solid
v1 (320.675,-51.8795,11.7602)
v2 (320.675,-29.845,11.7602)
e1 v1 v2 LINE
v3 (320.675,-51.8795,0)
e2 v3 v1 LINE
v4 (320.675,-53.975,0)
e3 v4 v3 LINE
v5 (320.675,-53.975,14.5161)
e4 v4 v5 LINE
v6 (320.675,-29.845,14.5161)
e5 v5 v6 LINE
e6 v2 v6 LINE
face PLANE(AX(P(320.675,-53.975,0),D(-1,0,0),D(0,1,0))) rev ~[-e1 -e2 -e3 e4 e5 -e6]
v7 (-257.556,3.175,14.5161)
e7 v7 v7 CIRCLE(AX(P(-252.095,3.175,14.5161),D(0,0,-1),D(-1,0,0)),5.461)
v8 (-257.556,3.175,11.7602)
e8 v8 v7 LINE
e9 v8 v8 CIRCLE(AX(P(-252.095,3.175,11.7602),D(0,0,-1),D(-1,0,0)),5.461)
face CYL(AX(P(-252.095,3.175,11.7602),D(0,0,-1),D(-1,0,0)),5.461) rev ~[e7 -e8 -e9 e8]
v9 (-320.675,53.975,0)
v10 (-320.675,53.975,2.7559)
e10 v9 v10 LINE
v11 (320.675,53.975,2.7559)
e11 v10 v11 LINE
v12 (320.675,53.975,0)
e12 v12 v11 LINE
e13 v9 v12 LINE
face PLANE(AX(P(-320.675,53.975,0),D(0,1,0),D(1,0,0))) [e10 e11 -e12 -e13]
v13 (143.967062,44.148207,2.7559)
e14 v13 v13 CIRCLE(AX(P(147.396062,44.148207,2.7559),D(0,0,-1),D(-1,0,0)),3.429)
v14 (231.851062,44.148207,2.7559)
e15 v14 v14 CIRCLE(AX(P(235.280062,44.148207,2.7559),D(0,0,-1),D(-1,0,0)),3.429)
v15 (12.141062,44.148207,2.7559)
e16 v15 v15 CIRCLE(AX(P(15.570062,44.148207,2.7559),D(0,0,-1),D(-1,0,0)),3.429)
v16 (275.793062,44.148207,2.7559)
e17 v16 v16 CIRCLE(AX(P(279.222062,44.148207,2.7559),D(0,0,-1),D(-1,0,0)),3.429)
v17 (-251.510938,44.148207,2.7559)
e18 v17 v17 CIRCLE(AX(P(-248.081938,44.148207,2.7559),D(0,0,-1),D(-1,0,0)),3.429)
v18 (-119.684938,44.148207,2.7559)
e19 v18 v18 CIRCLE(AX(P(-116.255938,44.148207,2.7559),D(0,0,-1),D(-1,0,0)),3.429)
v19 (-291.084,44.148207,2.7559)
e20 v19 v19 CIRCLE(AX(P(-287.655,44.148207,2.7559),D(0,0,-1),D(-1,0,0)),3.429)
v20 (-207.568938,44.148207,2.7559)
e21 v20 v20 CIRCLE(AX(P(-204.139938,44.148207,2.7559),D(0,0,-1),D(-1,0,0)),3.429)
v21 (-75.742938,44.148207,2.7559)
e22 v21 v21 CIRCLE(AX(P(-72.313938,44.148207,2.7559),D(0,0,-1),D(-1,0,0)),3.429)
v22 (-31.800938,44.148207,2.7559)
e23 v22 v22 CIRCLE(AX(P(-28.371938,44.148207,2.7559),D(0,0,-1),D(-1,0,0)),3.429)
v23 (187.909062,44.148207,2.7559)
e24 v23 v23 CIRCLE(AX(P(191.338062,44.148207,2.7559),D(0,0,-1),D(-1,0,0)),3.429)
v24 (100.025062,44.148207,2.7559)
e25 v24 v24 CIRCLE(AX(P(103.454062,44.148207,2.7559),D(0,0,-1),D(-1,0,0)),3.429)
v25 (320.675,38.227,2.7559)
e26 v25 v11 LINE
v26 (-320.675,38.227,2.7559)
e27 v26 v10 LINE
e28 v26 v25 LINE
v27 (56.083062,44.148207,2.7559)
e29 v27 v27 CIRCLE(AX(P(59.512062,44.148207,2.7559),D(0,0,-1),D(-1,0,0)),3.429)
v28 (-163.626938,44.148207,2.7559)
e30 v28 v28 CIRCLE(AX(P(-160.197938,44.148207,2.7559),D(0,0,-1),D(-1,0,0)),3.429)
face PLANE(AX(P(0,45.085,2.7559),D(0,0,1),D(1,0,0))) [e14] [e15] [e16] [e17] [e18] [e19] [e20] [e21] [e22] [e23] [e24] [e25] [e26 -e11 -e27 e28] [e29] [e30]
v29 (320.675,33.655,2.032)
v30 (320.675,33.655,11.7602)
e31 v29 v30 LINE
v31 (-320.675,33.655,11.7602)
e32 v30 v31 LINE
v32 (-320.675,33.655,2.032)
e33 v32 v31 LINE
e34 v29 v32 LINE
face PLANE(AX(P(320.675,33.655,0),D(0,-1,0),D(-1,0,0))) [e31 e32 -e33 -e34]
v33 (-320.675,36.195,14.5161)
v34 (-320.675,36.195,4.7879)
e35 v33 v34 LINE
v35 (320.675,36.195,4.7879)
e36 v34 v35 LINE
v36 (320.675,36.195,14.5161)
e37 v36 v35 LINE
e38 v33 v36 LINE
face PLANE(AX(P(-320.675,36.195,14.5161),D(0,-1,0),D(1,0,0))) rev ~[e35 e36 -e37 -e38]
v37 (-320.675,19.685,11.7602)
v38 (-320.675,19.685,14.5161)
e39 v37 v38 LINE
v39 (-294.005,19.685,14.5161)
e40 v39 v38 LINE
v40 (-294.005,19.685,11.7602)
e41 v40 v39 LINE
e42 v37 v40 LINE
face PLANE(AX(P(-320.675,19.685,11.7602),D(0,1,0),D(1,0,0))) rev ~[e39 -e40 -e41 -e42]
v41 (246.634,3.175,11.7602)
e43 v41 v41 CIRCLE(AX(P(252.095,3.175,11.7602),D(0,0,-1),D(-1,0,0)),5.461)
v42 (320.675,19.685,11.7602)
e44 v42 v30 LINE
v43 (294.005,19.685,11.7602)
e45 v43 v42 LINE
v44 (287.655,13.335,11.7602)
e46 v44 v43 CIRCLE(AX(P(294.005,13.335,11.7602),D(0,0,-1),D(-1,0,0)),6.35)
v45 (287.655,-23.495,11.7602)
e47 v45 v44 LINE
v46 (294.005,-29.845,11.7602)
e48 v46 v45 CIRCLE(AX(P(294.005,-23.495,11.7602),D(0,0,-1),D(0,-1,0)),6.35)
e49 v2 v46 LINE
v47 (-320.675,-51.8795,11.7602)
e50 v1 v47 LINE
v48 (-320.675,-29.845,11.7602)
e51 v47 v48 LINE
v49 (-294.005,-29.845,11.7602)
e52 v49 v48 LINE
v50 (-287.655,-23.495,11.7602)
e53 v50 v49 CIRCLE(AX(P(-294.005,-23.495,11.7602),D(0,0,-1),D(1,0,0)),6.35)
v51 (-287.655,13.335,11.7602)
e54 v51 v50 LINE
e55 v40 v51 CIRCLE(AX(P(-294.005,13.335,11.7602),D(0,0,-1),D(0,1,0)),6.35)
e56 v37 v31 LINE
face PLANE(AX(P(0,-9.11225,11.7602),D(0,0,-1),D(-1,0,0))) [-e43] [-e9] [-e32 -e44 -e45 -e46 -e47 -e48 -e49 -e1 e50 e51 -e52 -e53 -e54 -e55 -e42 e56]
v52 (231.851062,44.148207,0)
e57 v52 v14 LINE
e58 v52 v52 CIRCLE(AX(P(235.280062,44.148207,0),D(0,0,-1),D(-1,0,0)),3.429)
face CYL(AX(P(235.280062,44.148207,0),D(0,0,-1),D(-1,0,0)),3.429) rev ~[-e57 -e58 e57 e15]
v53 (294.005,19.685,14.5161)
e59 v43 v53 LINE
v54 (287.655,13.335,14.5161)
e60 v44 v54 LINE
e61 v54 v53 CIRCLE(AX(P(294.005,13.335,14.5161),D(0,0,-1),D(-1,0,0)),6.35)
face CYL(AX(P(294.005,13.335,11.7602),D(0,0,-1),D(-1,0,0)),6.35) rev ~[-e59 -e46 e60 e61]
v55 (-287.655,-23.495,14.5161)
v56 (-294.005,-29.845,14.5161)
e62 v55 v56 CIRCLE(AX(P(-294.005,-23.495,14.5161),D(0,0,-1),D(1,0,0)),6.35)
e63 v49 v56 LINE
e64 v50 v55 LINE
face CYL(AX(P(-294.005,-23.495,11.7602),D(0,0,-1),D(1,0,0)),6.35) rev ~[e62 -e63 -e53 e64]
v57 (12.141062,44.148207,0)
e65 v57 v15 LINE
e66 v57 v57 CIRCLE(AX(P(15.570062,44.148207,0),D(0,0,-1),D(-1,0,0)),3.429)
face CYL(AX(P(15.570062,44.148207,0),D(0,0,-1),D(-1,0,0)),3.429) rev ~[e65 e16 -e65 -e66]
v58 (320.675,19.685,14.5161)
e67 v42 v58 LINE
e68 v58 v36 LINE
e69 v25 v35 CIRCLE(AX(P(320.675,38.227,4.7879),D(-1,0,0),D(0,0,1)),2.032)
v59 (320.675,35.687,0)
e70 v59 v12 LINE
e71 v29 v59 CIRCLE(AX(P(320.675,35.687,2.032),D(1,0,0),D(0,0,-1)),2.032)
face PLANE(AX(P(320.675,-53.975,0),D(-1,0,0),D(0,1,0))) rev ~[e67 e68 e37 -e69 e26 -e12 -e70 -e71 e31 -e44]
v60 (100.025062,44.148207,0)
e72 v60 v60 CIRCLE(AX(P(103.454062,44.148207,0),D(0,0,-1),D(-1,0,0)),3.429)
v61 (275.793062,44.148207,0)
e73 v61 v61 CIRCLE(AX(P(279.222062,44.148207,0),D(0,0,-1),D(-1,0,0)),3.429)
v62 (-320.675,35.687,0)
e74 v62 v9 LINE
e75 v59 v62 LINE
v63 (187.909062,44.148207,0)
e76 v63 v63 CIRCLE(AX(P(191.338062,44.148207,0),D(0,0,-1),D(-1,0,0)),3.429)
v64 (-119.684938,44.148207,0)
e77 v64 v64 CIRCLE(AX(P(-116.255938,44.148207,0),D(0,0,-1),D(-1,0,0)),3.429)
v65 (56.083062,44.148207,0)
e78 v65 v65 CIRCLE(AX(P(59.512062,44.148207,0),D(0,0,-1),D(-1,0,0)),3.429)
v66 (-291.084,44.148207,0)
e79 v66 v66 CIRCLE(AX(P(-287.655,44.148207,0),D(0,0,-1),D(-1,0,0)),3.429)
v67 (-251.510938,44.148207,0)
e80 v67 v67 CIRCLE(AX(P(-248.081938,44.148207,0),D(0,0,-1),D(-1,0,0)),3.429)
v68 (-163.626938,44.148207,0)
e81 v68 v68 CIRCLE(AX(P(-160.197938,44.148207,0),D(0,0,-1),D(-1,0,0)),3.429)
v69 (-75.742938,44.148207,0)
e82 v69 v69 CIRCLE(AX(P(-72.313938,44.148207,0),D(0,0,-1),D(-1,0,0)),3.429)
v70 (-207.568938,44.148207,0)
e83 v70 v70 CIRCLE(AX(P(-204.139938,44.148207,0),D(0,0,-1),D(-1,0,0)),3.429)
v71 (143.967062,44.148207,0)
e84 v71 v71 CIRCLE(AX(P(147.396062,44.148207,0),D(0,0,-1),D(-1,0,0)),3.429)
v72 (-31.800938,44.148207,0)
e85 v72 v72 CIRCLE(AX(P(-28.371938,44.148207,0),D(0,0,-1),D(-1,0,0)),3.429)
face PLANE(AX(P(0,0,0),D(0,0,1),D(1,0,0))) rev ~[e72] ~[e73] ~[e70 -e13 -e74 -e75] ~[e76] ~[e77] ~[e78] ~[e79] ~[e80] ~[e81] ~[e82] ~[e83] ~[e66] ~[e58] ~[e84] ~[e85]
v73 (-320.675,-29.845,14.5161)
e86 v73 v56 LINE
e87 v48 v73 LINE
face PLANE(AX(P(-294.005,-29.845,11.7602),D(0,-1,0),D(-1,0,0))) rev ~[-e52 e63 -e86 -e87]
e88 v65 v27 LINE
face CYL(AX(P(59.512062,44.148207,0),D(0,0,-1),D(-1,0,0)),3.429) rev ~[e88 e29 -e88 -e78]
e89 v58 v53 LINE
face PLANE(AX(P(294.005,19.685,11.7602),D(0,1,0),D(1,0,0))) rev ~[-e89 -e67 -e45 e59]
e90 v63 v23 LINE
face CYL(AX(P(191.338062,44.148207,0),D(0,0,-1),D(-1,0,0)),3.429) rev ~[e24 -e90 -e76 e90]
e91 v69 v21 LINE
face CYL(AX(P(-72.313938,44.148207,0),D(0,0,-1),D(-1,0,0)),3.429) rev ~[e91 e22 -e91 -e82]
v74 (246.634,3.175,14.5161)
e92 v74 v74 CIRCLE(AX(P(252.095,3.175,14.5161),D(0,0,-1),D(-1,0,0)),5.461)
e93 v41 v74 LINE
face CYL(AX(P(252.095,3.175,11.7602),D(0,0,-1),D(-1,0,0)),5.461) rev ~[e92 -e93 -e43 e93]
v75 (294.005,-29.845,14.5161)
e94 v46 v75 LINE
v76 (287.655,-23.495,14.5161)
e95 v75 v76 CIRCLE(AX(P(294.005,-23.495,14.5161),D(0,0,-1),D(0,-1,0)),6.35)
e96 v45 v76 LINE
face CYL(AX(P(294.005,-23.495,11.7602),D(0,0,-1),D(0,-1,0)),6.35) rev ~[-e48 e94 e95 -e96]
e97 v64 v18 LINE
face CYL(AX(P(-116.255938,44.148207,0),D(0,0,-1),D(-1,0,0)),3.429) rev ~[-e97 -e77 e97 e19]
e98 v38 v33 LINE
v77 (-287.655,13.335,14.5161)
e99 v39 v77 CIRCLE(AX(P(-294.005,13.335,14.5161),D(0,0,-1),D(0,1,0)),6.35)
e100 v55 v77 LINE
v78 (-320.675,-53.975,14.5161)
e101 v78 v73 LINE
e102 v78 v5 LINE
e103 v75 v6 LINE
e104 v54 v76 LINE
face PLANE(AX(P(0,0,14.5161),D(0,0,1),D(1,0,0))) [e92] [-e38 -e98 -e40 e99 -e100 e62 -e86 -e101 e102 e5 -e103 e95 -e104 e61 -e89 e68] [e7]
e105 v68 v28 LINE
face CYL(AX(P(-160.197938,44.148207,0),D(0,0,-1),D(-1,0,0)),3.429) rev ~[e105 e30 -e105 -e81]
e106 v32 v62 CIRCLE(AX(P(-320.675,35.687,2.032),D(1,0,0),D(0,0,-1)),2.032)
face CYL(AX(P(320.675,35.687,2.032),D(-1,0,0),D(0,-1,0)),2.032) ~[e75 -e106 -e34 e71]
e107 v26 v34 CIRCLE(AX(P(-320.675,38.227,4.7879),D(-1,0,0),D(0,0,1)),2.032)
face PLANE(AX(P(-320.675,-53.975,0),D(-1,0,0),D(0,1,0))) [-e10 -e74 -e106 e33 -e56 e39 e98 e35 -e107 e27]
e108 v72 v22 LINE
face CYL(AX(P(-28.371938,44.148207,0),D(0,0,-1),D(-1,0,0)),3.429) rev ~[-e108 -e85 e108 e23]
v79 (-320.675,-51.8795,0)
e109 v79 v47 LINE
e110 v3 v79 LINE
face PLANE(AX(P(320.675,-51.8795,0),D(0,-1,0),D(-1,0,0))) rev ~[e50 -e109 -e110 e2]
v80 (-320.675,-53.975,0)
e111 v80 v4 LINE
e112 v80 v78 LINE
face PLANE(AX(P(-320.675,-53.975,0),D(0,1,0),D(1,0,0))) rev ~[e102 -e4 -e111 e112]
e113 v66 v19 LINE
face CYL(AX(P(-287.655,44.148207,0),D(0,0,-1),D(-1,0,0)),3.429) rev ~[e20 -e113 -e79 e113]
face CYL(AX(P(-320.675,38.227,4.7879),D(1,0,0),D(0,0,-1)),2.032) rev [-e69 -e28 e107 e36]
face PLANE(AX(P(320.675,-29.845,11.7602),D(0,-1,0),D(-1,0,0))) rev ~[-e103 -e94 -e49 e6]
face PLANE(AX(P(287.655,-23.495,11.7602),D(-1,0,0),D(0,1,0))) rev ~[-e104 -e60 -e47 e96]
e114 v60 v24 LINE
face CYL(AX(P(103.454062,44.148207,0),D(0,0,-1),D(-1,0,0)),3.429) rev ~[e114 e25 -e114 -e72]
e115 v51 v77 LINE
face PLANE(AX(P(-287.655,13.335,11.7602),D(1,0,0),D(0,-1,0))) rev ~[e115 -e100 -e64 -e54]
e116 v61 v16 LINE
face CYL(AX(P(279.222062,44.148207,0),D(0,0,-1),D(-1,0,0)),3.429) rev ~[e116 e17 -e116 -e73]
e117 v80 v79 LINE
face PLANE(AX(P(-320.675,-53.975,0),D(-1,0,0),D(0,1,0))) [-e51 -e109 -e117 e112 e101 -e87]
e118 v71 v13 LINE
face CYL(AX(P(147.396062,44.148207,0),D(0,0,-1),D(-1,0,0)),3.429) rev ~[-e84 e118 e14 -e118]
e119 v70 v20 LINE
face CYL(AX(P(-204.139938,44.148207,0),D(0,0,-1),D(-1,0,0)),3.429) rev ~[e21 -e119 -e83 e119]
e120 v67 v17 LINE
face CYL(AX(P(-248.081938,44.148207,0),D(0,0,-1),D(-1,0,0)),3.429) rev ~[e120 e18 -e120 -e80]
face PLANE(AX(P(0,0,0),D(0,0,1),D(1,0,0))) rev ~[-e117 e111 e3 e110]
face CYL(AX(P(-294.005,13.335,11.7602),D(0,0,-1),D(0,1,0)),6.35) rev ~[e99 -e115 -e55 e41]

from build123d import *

# Parameters (mm, degrees)
SKETCH1_W           = 641.35
SKETCH1_H           = 107.95
BOSS_EXTRUDE1_DEPTH = 14.5161
SKETCH2_W           = 641.35
SKETCH2_H           = 17.78
CUT_EXTRUDE1_DEPTH  = 11.7602
SKETCH3_W           = 641.35
SKETCH3_H           = 85.5345
CUT_EXTRUDE3_DEPTH  = 11.7602
FILLET1_R           = 2.032
CUT_EXTRUDE4_DEPTH  = 326.398307546
SKETCH5_R           = 3.429
CUT_EXTRUDE5_DEPTH  = 11.7602
SKETCH6_R           = 5.461
CUT_EXTRUDE6_DEPTH  = 11.7602


with BuildPart() as part:
    # Sketch1 → Boss-Extrude1 (new body)
    with BuildSketch(Plane.XY):
        Rectangle(SKETCH1_W, SKETCH1_H)
    extrude(amount=BOSS_EXTRUDE1_DEPTH)

    # Sketch2 → Cut-Extrude1 (cut)
    with BuildSketch(Plane.XY.offset(14.5161)):
        with Locations((0, 45.085)):
            Rectangle(SKETCH2_W, SKETCH2_H)
    extrude(amount=-CUT_EXTRUDE1_DEPTH, mode=Mode.SUBTRACT)

    # Sketch3 → Cut-Extrude3 (cut)
    with BuildSketch(Plane(origin=(0, 0, 0), x_dir=(-1, 0, 0), z_dir=(0, 0, -1))):
        with Locations((0, -9.11225)):
            Rectangle(SKETCH3_W, SKETCH3_H)
    extrude(amount=-CUT_EXTRUDE3_DEPTH, mode=Mode.SUBTRACT)

    # Fillet1
    fillet1_edges = [part.edges().sort_by_distance(p)[0] for p in [
        (0, 36.195, 2.7559),
        (0, 33.655, 0),
    ]]
    fillet(fillet1_edges, radius=FILLET1_R)

    # Sketch4 → Cut-Extrude4 (cut, through all)
    with BuildSketch(Plane(origin=(0, 0, 11.7602), x_dir=(-1, 0, 0), z_dir=(0, 0, -1))):
        with BuildLine():
            Line((-294.005, 19.685), (-320.675, 19.685))
            Line((-320.675, 19.685), (-320.675, -29.845))
            Line((-320.675, -29.845), (-294.005, -29.845))
            ThreePointArc((-294.005, -29.845), (-289.514871939, -27.985128061), (-287.655, -23.495))
            Line((-287.655, -23.495), (-287.655, 13.335))
            ThreePointArc((-287.655, 13.335), (-289.514871939, 17.825128061), (-294.005, 19.685))
        make_face()
        with BuildLine():
            Line((294.005, -29.845), (320.675, -29.845))
            Line((320.675, -29.845), (320.675, 19.685))
            Line((320.675, 19.685), (294.005, 19.685))
            ThreePointArc((294.005, 19.685), (289.514871939, 17.825128061), (287.655, 13.335))
            Line((287.655, 13.335), (287.655, -23.495))
            ThreePointArc((287.655, -23.495), (289.514871939, -27.985128061), (294.005, -29.845))
        make_face()
    extrude(amount=-CUT_EXTRUDE4_DEPTH, mode=Mode.SUBTRACT)

    # Sketch5 → Cut-Extrude5 (cut)
    with BuildSketch(Plane(origin=(0, 0, 0), x_dir=(-1, 0, 0), z_dir=(0, 0, -1))):
        with Locations((-279.222061941, 44.148206771)):
            Circle(SKETCH5_R)
        with Locations((-235.280061941, 44.148206771)):
            Circle(SKETCH5_R)
        with Locations((-191.338061941, 44.148206771)):
            Circle(SKETCH5_R)
        with Locations((-147.396061941, 44.148206771)):
            Circle(SKETCH5_R)
        with Locations((-103.454061941, 44.148206771)):
            Circle(SKETCH5_R)
        with Locations((-59.512061941, 44.148206771)):
            Circle(SKETCH5_R)
        with Locations((-15.570061941, 44.148206771)):
            Circle(SKETCH5_R)
        with Locations((28.371938059, 44.148206771)):
            Circle(SKETCH5_R)
        with Locations((72.313938059, 44.148206771)):
            Circle(SKETCH5_R)
        with Locations((116.255938059, 44.148206771)):
            Circle(SKETCH5_R)
        with Locations((160.197938059, 44.148206771)):
            Circle(SKETCH5_R)
        with Locations((204.139938059, 44.148206771)):
            Circle(SKETCH5_R)
        with Locations((248.081938059, 44.148206771)):
            Circle(SKETCH5_R)
        with Locations((287.655, 44.148206771)):
            Circle(SKETCH5_R)
    extrude(amount=-CUT_EXTRUDE5_DEPTH, mode=Mode.SUBTRACT)

    # Sketch6 → Cut-Extrude6 (cut)
    with BuildSketch(Plane(origin=(0, 0, 11.7602), x_dir=(-1, 0, 0), z_dir=(0, 0, -1))):
        with Locations((-252.095, 3.175)):
            Circle(SKETCH6_R)
        with Locations((252.095, 3.175)):
            Circle(SKETCH6_R)
    extrude(amount=-CUT_EXTRUDE6_DEPTH, mode=Mode.SUBTRACT)


solid = part.part
